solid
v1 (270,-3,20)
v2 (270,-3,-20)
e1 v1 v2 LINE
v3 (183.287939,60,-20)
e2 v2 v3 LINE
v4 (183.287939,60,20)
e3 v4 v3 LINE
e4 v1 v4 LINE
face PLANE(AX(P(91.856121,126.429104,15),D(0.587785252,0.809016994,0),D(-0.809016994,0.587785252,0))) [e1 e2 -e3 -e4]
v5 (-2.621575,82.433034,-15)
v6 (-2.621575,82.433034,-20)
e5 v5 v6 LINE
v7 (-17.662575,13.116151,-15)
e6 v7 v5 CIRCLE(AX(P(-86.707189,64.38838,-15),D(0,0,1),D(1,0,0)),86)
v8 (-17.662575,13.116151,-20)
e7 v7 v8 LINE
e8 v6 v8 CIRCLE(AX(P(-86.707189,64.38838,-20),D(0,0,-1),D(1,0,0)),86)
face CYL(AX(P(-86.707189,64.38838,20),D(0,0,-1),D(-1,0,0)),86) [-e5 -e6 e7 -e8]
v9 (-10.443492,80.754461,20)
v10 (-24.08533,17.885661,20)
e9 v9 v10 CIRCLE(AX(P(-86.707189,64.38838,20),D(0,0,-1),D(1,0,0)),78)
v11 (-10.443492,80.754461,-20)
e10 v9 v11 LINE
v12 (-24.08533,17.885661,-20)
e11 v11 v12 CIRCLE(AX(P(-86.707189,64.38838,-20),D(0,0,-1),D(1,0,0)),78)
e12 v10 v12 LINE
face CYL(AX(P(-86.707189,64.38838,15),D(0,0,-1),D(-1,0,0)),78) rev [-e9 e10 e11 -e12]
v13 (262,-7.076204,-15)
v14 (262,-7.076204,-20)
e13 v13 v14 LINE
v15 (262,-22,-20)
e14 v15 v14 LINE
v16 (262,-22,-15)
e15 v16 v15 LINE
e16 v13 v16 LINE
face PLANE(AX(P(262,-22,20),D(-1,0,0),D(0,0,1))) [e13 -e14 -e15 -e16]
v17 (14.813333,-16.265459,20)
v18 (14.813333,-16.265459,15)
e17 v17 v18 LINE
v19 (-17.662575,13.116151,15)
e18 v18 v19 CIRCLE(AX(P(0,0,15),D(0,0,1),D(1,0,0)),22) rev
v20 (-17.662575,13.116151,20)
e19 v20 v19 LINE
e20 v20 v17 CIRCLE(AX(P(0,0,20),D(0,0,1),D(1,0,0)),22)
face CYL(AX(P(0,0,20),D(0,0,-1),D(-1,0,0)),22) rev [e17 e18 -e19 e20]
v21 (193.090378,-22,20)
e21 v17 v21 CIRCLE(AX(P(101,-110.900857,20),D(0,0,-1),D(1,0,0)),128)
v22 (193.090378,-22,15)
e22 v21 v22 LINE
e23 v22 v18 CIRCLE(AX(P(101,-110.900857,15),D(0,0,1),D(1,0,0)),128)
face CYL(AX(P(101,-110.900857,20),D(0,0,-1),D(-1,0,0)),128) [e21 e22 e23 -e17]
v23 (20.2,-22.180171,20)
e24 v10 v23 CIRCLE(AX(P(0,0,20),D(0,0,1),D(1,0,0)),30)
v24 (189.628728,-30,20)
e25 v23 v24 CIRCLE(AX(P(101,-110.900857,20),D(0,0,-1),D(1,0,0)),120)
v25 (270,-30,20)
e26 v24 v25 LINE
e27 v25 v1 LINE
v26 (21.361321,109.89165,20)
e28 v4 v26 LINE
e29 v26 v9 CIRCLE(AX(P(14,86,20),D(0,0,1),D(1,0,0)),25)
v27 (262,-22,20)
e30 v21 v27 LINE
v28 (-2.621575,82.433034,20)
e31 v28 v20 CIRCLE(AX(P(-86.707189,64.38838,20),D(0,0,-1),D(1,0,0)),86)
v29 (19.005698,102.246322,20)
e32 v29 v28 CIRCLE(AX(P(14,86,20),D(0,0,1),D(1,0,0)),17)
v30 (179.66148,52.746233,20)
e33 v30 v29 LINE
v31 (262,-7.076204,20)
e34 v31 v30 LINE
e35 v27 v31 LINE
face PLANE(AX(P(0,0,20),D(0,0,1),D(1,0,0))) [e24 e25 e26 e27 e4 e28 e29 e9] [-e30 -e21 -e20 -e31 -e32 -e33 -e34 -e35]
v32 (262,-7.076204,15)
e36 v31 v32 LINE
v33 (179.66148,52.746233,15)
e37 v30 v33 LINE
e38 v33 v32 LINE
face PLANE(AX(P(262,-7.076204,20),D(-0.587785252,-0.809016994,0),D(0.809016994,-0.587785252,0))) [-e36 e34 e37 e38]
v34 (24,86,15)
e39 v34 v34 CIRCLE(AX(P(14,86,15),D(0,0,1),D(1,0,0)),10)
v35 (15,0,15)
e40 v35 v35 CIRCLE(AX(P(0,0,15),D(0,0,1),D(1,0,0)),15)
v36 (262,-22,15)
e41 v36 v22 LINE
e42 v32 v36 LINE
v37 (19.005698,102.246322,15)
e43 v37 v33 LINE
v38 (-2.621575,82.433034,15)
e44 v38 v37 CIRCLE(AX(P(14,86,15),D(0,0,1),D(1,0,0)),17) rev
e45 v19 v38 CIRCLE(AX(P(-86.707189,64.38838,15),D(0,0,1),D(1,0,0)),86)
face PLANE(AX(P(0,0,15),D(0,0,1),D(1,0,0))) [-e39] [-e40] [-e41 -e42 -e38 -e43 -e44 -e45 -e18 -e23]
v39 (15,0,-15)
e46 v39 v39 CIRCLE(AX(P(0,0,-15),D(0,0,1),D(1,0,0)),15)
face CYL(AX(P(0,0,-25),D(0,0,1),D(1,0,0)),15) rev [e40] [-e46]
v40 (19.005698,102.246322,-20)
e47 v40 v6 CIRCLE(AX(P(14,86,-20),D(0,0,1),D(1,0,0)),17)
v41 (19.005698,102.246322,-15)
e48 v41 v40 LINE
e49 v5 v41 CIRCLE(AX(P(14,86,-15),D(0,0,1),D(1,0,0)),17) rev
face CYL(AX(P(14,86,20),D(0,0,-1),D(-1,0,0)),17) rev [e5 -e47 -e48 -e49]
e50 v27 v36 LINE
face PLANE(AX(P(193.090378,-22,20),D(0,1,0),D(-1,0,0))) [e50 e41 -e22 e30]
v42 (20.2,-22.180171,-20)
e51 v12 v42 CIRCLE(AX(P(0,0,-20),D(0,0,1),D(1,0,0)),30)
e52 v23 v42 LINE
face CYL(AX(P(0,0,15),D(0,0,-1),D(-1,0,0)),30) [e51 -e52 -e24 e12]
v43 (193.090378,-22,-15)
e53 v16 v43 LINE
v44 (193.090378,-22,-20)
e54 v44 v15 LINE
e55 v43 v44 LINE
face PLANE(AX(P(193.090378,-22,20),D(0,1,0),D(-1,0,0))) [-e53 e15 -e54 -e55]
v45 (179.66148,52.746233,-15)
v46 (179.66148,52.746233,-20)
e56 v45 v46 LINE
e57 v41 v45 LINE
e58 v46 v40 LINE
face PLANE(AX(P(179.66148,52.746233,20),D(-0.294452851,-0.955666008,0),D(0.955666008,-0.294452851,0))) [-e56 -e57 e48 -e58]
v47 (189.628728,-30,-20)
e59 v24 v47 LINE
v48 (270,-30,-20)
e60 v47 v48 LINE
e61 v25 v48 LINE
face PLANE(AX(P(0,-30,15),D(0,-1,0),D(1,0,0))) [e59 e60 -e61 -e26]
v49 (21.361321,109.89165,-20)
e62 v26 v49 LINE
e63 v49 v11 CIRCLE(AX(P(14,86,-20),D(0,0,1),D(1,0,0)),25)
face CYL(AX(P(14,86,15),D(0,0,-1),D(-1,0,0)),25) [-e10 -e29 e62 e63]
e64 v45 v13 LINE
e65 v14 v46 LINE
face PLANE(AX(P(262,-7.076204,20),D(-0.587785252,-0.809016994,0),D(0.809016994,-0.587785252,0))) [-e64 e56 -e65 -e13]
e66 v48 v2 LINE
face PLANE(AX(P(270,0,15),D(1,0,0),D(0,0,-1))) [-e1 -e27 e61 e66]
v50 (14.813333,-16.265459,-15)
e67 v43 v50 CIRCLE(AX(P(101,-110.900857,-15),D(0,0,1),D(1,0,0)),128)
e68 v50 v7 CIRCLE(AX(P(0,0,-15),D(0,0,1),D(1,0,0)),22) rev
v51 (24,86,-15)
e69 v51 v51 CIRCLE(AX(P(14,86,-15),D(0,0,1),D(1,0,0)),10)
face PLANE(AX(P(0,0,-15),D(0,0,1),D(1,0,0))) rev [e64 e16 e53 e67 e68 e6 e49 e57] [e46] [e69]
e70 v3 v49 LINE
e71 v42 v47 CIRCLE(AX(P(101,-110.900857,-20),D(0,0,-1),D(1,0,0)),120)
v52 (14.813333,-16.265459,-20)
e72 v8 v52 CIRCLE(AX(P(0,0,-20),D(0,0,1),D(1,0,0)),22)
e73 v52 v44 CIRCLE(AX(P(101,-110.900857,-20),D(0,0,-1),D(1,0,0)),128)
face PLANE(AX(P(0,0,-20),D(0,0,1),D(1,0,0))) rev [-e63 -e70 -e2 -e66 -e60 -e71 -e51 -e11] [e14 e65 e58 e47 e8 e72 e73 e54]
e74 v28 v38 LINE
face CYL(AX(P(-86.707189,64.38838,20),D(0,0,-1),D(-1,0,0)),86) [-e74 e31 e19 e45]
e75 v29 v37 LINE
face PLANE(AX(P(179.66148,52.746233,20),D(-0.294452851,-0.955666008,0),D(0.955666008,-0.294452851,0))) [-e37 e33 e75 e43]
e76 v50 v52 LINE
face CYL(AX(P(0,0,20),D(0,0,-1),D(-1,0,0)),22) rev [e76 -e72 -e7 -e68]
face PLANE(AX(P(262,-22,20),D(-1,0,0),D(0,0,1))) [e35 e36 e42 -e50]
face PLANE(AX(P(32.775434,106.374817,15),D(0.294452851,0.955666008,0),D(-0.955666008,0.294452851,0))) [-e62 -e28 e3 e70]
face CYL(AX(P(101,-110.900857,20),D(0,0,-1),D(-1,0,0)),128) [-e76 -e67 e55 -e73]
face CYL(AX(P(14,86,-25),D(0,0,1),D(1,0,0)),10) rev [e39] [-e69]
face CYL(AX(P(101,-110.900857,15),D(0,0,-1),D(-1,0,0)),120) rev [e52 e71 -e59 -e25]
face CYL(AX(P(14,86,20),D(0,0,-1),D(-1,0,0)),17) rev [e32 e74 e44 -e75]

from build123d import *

# Parameters (mm, degrees)
SKETCH2_R           = 30
SKETCH2_R_2         = 25
BOSS_EXTRUDE1_DEPTH = 15
BOSS_EXTRUDE2_DEPTH = 20
SKETCH5_R           = 10
SKETCH5_R_2         = 15
CUT_EXTRUDE2_DEPTH  = 40


with BuildPart() as part:
    # Sketch2 → Boss-Extrude1 (new body, symmetric)
    with BuildSketch(Plane.XY):
        with BuildLine():
            Line((183.28793901, 60), (21.361321264, 109.891650199))
            ThreePointArc((21.361321264, 109.891650199), (34.112595949, 100.848686279), (39, 86))
            ThreePointArc((39, 86), (16.637488364, 61.139516193), (-10.44349241, 80.754461058))
            ThreePointArc((-10.44349241, 80.754461058), (-10.481072196, 47.848151082), (-24.085330203, 17.885660989))
            ThreePointArc((-24.085330203, 17.885660989), (9.419131964, 28.482976548), (30, 0))
            ThreePointArc((30, 0), (27.440845468, -12.124355653), (20.2, -22.180171325))
            ThreePointArc((20.2, -22.180171325), (106.532601106, 8.971535214), (189.628727834, -30))
            Line((189.628727834, -30), (270, -30))
            Line((270, -30), (270, -3))
            Line((270, -3), (183.28793901, 60))
        make_face()
        Circle(SKETCH2_R)
        with Locations((14, 86)):
            Circle(SKETCH2_R_2)
    extrude(amount=BOSS_EXTRUDE1_DEPTH, both=True)

    # Sketch4 → Boss-Extrude2 (add, symmetric)
    with BuildSketch(Plane.XY):
        with BuildLine():
            Line((189.628727834, -30), (270, -30))
            Line((270, -30), (270, -3))
            Line((270, -3), (183.28793901, 60))
            Line((183.28793901, 60), (21.361321264, 109.891650199))
            ThreePointArc((21.361321264, 109.891650199), (-2.887690503, 104.433825145), (-10.44349241, 80.754461058))
            ThreePointArc((-10.44349241, 80.754461058), (-10.481072196, 47.848151082), (-24.085330203, 17.885660989))
            ThreePointArc((-24.085330203, 17.885660989), (-20.126889413, -22.246535068), (20.2, -22.180171325))
            ThreePointArc((20.2, -22.180171325), (106.532601106, 8.971535214), (189.628727834, -30))
        make_face()
        with BuildLine():
            Line((193.090377844, -22), (262, -22))
            Line((262, -22), (262, -7.076203596))
            Line((262, -7.076203596), (179.661480345, 52.746232627))
            Line((179.661480345, 52.746232627), (19.00569846, 102.246322136))
            ThreePointArc((19.00569846, 102.246322136), (2.516370458, 98.535001099), (-2.621574839, 82.43303352))
            ThreePointArc((-2.621574839, 82.43303352), (-2.663008962, 46.151717392), (-17.662575482, 13.116151392))
            ThreePointArc((-17.662575482, 13.116151392), (-14.759718903, -16.314125717), (14.813333333, -16.265458972))
            ThreePointArc((14.813333333, -16.265458972), (105.1151782, 17.032975134), (193.090377844, -22))
        make_face(mode=Mode.SUBTRACT)
    extrude(amount=BOSS_EXTRUDE2_DEPTH, both=True)

    # Sketch5 → Cut-Extrude2 (cut)
    with BuildSketch(Plane.XY.offset(15)):
        with Locations((14, 86)):
            Circle(SKETCH5_R)
        Circle(SKETCH5_R_2)
    extrude(amount=-CUT_EXTRUDE2_DEPTH, mode=Mode.SUBTRACT)


solid = part.part
